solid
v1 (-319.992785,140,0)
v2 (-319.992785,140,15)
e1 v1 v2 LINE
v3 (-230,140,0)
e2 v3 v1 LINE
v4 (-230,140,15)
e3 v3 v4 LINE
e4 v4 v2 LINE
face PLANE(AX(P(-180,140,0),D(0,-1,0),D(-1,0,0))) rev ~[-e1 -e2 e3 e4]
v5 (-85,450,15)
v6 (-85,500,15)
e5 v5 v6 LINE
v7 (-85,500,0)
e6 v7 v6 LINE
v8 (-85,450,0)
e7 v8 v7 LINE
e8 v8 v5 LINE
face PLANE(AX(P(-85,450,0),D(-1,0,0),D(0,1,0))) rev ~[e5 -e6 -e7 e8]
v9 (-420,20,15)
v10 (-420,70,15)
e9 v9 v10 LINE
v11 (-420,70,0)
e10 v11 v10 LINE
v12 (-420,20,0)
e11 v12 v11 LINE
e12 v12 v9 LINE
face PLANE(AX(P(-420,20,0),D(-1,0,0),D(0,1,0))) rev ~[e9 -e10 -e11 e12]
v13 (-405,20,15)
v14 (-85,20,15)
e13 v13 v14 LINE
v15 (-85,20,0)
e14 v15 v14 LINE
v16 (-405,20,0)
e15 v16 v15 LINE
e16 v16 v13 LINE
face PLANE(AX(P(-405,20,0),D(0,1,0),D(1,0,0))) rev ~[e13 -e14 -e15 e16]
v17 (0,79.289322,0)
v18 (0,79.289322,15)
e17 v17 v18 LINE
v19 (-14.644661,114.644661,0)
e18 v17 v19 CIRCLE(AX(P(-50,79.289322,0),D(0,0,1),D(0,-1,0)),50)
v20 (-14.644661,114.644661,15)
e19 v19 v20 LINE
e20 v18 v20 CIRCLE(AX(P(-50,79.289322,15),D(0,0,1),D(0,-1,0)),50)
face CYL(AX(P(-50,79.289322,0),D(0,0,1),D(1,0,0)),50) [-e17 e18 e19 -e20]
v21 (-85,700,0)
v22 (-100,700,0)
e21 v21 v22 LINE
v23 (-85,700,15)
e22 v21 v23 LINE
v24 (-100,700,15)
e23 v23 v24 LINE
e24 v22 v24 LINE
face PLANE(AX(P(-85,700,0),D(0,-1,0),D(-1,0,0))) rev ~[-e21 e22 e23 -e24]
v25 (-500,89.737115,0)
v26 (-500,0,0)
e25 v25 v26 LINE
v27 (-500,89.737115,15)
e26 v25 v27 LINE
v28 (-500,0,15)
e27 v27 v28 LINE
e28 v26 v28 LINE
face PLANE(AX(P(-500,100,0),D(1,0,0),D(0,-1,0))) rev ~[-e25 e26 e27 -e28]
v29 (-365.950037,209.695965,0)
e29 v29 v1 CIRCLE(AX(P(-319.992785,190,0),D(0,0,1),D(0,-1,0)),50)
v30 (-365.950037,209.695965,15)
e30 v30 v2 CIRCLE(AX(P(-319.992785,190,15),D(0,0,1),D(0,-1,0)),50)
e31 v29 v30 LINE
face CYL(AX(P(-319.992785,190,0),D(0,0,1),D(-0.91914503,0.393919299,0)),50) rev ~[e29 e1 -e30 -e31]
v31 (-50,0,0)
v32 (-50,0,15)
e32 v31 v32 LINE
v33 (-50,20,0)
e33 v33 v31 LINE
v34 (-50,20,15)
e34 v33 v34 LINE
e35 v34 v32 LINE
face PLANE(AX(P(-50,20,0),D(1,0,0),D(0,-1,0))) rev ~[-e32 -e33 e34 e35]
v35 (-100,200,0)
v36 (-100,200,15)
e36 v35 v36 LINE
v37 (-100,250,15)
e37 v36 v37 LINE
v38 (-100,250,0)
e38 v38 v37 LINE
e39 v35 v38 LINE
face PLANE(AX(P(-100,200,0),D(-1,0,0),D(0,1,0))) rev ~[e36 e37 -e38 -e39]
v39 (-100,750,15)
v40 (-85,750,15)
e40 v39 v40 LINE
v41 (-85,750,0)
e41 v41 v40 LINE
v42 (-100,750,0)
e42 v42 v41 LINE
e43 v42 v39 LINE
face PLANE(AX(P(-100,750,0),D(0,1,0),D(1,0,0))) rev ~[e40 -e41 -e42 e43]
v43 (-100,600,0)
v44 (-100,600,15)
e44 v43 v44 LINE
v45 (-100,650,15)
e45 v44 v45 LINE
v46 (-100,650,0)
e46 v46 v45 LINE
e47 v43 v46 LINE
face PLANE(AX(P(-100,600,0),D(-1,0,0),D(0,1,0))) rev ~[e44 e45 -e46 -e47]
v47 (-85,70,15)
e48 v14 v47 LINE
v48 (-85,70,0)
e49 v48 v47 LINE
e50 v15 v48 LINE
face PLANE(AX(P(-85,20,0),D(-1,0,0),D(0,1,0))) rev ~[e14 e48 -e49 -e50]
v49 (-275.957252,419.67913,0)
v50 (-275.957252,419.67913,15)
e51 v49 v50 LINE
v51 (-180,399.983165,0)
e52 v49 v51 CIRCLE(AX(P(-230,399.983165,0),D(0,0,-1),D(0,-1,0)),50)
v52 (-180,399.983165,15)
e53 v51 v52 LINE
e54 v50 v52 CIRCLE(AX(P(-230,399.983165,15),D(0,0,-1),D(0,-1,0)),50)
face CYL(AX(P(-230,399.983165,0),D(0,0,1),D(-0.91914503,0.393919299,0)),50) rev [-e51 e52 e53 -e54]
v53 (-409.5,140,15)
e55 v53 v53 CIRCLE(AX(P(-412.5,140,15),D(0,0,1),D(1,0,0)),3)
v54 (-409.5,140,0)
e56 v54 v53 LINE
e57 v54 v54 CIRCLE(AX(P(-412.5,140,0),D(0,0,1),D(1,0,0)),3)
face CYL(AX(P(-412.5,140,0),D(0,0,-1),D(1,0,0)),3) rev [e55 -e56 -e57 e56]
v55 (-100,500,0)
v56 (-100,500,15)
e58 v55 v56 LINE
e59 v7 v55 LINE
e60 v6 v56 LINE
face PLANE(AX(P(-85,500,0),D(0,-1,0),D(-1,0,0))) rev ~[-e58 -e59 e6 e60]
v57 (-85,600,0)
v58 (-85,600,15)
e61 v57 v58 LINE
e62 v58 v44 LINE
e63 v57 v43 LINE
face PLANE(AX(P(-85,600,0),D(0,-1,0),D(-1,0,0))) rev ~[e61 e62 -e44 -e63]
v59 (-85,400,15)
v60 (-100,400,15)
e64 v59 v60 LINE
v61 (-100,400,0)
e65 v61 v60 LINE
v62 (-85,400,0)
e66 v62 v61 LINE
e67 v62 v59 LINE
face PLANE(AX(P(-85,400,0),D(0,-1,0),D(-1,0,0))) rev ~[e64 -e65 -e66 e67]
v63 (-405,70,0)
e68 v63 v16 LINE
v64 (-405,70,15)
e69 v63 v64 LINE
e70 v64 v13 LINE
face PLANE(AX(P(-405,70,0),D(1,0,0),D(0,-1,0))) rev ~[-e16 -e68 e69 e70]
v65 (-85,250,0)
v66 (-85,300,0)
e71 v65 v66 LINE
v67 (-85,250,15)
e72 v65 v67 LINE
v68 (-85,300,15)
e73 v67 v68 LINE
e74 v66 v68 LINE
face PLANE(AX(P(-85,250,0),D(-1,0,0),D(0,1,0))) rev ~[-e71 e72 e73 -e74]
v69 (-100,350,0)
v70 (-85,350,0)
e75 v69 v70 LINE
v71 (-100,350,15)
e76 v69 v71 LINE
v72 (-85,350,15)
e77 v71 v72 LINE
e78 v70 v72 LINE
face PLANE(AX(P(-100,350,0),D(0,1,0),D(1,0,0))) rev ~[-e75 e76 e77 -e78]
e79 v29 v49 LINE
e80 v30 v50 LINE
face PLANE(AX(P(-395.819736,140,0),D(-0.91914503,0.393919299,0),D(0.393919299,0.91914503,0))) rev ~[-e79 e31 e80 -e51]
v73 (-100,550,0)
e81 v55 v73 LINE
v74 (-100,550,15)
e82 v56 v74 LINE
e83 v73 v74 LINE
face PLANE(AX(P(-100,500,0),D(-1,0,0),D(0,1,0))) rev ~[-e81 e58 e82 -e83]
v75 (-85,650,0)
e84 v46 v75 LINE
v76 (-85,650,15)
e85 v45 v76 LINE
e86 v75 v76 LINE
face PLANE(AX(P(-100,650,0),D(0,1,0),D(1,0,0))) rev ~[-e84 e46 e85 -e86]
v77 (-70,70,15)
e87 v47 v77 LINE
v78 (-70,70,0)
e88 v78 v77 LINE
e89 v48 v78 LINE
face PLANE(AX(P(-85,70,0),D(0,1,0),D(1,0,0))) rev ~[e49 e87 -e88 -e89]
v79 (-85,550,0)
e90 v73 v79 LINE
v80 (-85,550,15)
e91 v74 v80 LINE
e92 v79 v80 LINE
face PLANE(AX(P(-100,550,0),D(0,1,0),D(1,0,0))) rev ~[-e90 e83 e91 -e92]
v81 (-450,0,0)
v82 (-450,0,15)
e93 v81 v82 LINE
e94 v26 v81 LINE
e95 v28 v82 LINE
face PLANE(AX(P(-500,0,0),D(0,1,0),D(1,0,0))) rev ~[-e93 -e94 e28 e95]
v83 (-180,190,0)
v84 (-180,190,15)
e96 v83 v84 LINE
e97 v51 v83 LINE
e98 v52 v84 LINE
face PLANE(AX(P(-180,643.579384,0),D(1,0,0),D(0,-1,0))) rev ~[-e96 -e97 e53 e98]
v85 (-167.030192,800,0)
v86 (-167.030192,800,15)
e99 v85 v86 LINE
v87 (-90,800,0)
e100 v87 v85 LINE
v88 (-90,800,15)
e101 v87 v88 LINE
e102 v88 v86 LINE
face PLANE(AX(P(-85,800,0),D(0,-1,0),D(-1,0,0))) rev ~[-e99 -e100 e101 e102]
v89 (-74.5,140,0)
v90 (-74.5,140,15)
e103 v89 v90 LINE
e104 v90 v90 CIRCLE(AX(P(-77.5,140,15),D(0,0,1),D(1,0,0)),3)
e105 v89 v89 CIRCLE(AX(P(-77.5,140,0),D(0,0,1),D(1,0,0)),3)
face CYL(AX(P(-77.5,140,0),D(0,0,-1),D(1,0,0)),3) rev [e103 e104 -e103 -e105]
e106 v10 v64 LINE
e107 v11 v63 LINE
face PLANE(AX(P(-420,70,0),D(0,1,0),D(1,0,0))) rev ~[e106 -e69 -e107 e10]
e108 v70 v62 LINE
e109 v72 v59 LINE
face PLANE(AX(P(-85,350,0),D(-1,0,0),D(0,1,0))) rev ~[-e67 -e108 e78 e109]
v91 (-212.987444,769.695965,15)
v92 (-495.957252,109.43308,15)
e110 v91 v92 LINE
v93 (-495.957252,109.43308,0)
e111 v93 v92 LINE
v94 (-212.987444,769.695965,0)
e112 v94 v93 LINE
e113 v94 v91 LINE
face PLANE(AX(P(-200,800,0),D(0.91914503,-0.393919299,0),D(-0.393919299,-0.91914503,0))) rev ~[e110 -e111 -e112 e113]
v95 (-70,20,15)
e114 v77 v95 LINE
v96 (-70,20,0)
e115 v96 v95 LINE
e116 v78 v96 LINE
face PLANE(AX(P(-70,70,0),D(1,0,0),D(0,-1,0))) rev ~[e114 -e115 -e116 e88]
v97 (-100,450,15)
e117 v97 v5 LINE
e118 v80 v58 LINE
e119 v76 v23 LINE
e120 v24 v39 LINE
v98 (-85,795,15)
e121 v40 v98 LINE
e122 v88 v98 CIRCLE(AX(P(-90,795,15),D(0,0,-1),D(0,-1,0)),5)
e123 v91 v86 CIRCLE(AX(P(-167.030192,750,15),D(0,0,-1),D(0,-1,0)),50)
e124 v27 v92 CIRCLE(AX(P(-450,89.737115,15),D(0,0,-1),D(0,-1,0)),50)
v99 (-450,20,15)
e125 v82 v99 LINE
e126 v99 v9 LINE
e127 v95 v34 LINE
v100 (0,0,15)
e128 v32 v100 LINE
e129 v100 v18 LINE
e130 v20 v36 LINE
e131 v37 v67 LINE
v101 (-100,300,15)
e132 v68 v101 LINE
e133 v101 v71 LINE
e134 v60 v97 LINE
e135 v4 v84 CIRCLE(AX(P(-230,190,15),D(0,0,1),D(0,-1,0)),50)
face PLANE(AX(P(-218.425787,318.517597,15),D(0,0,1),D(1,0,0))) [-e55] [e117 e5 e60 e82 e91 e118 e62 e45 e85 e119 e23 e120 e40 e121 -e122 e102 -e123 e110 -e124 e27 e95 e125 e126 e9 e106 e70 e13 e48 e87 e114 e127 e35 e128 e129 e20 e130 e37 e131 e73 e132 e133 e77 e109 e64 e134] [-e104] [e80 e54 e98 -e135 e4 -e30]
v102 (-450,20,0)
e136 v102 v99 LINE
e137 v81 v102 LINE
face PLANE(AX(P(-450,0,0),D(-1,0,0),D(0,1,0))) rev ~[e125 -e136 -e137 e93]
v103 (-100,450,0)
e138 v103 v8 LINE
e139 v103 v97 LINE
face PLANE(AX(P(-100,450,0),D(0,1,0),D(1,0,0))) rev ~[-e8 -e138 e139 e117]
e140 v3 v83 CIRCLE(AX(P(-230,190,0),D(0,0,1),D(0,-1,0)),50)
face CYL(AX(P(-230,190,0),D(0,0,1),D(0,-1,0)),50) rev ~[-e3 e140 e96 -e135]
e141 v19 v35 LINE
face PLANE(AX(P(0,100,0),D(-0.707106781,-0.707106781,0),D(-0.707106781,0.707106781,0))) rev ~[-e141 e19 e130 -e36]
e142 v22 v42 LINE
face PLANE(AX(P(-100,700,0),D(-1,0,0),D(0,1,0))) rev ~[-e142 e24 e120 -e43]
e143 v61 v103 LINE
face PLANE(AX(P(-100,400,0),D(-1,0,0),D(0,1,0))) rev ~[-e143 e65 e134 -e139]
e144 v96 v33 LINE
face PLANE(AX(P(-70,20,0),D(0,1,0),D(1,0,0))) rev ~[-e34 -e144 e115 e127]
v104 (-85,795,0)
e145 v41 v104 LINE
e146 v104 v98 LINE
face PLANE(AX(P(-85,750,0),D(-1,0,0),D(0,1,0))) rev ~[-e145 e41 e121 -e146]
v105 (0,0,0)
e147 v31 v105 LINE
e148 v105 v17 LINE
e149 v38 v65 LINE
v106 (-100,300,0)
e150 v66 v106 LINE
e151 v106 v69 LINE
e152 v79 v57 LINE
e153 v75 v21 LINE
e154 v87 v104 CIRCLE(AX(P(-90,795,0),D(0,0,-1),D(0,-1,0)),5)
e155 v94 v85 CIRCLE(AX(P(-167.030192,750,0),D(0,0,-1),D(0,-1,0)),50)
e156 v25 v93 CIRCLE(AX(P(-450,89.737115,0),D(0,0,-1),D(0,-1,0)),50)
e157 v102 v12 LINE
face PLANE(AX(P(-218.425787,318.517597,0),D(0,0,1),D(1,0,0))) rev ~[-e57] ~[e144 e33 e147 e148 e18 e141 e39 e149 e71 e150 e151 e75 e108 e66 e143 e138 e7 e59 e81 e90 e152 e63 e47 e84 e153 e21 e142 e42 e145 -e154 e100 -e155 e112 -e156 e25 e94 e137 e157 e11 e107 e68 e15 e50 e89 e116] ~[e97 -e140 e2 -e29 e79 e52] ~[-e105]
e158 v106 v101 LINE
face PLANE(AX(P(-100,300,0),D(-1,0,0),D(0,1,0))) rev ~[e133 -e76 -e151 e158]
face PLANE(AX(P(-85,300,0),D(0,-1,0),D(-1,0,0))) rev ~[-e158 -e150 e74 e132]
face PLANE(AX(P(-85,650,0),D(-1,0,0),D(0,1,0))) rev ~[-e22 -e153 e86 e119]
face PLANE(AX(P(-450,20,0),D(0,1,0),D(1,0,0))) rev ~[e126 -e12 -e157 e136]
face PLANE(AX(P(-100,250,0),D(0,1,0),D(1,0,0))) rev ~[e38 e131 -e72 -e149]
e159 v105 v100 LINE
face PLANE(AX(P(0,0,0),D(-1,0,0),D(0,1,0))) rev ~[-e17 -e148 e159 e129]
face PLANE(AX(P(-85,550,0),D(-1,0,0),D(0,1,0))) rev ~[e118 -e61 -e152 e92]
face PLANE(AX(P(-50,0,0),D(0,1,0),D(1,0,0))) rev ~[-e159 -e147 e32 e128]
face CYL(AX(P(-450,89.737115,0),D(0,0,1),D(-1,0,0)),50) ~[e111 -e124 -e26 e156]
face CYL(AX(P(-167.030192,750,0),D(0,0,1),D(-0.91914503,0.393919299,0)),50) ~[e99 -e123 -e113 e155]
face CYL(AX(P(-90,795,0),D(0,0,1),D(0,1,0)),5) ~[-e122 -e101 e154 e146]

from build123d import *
from OCP.BRepFilletAPI import BRepFilletAPI_MakeFillet

# Parameters (mm, degrees)
ESQUISSE1_R        = 3
BOSS_EXTRU_1_DEPTH = 15
CONG_1_R1          = 50
CONG_1_R2          = 5


with BuildPart() as part:
    # Esquisse1 → Boss.-Extru.1 (new body)
    with BuildSketch(Plane.XY):
        Polygon((-450, 0), (-450, 20), (-420, 20), (-420, 70), (-405, 70), (-405, 20), (-85, 20), (-85, 70), (-70, 70), (-70, 20), (-50, 20), (-50, 0), (0, 0), (0, 100), (-100, 200), (-100, 250), (-85, 250), (-85, 300), (-100, 300), (-100, 350), (-85, 350), (-85, 400), (-100, 400), (-100, 450), (-85, 450), (-85, 500), (-100, 500), (-100, 550), (-85, 550), (-85, 600), (-100, 600), (-100, 650), (-85, 650), (-85, 700), (-100, 700), (-100, 750), (-85, 750), (-85, 800), (-100, 800), (-200, 800), (-500, 100), (-500, 0), align=None)
        with Locations((-412.5, 140)):
            Circle(ESQUISSE1_R, mode=Mode.SUBTRACT)
        with Locations((-77.5, 140)):
            Circle(ESQUISSE1_R, mode=Mode.SUBTRACT)
        Polygon((-180, 643.579383844), (-180, 140), (-395.819735933, 140), align=None, mode=Mode.SUBTRACT)
    extrude(amount=BOSS_EXTRU_1_DEPTH)

    # Congé1: one fillet with a radius per group of edges: ONE call of the kernel's fillet builder (fillet() takes one radius for all edges)
    cong_1_edges_1 = [part.edges().sort_by_distance(p)[0] for p in [
        (-200, 800, 7.5),
        (-180, 643.579383844, 7.5),
        (-395.819735933, 140, 7.5),
        (-180, 140, 7.5),
        (0, 100, 7.5),
        (-500, 100, 7.5),
    ]]
    cong_1_edges_2 = [part.edges().sort_by_distance(p)[0] for p in [
        (-85, 800, 7.5),
    ]]
    cong_1 = BRepFilletAPI_MakeFillet(part.part.solid().wrapped)
    for e in cong_1_edges_1:
        cong_1.Add(CONG_1_R1, e.wrapped)
    for e in cong_1_edges_2:
        cong_1.Add(CONG_1_R2, e.wrapped)
    add(Compound.cast(cong_1.Shape()), mode=Mode.REPLACE)


solid = part.part
